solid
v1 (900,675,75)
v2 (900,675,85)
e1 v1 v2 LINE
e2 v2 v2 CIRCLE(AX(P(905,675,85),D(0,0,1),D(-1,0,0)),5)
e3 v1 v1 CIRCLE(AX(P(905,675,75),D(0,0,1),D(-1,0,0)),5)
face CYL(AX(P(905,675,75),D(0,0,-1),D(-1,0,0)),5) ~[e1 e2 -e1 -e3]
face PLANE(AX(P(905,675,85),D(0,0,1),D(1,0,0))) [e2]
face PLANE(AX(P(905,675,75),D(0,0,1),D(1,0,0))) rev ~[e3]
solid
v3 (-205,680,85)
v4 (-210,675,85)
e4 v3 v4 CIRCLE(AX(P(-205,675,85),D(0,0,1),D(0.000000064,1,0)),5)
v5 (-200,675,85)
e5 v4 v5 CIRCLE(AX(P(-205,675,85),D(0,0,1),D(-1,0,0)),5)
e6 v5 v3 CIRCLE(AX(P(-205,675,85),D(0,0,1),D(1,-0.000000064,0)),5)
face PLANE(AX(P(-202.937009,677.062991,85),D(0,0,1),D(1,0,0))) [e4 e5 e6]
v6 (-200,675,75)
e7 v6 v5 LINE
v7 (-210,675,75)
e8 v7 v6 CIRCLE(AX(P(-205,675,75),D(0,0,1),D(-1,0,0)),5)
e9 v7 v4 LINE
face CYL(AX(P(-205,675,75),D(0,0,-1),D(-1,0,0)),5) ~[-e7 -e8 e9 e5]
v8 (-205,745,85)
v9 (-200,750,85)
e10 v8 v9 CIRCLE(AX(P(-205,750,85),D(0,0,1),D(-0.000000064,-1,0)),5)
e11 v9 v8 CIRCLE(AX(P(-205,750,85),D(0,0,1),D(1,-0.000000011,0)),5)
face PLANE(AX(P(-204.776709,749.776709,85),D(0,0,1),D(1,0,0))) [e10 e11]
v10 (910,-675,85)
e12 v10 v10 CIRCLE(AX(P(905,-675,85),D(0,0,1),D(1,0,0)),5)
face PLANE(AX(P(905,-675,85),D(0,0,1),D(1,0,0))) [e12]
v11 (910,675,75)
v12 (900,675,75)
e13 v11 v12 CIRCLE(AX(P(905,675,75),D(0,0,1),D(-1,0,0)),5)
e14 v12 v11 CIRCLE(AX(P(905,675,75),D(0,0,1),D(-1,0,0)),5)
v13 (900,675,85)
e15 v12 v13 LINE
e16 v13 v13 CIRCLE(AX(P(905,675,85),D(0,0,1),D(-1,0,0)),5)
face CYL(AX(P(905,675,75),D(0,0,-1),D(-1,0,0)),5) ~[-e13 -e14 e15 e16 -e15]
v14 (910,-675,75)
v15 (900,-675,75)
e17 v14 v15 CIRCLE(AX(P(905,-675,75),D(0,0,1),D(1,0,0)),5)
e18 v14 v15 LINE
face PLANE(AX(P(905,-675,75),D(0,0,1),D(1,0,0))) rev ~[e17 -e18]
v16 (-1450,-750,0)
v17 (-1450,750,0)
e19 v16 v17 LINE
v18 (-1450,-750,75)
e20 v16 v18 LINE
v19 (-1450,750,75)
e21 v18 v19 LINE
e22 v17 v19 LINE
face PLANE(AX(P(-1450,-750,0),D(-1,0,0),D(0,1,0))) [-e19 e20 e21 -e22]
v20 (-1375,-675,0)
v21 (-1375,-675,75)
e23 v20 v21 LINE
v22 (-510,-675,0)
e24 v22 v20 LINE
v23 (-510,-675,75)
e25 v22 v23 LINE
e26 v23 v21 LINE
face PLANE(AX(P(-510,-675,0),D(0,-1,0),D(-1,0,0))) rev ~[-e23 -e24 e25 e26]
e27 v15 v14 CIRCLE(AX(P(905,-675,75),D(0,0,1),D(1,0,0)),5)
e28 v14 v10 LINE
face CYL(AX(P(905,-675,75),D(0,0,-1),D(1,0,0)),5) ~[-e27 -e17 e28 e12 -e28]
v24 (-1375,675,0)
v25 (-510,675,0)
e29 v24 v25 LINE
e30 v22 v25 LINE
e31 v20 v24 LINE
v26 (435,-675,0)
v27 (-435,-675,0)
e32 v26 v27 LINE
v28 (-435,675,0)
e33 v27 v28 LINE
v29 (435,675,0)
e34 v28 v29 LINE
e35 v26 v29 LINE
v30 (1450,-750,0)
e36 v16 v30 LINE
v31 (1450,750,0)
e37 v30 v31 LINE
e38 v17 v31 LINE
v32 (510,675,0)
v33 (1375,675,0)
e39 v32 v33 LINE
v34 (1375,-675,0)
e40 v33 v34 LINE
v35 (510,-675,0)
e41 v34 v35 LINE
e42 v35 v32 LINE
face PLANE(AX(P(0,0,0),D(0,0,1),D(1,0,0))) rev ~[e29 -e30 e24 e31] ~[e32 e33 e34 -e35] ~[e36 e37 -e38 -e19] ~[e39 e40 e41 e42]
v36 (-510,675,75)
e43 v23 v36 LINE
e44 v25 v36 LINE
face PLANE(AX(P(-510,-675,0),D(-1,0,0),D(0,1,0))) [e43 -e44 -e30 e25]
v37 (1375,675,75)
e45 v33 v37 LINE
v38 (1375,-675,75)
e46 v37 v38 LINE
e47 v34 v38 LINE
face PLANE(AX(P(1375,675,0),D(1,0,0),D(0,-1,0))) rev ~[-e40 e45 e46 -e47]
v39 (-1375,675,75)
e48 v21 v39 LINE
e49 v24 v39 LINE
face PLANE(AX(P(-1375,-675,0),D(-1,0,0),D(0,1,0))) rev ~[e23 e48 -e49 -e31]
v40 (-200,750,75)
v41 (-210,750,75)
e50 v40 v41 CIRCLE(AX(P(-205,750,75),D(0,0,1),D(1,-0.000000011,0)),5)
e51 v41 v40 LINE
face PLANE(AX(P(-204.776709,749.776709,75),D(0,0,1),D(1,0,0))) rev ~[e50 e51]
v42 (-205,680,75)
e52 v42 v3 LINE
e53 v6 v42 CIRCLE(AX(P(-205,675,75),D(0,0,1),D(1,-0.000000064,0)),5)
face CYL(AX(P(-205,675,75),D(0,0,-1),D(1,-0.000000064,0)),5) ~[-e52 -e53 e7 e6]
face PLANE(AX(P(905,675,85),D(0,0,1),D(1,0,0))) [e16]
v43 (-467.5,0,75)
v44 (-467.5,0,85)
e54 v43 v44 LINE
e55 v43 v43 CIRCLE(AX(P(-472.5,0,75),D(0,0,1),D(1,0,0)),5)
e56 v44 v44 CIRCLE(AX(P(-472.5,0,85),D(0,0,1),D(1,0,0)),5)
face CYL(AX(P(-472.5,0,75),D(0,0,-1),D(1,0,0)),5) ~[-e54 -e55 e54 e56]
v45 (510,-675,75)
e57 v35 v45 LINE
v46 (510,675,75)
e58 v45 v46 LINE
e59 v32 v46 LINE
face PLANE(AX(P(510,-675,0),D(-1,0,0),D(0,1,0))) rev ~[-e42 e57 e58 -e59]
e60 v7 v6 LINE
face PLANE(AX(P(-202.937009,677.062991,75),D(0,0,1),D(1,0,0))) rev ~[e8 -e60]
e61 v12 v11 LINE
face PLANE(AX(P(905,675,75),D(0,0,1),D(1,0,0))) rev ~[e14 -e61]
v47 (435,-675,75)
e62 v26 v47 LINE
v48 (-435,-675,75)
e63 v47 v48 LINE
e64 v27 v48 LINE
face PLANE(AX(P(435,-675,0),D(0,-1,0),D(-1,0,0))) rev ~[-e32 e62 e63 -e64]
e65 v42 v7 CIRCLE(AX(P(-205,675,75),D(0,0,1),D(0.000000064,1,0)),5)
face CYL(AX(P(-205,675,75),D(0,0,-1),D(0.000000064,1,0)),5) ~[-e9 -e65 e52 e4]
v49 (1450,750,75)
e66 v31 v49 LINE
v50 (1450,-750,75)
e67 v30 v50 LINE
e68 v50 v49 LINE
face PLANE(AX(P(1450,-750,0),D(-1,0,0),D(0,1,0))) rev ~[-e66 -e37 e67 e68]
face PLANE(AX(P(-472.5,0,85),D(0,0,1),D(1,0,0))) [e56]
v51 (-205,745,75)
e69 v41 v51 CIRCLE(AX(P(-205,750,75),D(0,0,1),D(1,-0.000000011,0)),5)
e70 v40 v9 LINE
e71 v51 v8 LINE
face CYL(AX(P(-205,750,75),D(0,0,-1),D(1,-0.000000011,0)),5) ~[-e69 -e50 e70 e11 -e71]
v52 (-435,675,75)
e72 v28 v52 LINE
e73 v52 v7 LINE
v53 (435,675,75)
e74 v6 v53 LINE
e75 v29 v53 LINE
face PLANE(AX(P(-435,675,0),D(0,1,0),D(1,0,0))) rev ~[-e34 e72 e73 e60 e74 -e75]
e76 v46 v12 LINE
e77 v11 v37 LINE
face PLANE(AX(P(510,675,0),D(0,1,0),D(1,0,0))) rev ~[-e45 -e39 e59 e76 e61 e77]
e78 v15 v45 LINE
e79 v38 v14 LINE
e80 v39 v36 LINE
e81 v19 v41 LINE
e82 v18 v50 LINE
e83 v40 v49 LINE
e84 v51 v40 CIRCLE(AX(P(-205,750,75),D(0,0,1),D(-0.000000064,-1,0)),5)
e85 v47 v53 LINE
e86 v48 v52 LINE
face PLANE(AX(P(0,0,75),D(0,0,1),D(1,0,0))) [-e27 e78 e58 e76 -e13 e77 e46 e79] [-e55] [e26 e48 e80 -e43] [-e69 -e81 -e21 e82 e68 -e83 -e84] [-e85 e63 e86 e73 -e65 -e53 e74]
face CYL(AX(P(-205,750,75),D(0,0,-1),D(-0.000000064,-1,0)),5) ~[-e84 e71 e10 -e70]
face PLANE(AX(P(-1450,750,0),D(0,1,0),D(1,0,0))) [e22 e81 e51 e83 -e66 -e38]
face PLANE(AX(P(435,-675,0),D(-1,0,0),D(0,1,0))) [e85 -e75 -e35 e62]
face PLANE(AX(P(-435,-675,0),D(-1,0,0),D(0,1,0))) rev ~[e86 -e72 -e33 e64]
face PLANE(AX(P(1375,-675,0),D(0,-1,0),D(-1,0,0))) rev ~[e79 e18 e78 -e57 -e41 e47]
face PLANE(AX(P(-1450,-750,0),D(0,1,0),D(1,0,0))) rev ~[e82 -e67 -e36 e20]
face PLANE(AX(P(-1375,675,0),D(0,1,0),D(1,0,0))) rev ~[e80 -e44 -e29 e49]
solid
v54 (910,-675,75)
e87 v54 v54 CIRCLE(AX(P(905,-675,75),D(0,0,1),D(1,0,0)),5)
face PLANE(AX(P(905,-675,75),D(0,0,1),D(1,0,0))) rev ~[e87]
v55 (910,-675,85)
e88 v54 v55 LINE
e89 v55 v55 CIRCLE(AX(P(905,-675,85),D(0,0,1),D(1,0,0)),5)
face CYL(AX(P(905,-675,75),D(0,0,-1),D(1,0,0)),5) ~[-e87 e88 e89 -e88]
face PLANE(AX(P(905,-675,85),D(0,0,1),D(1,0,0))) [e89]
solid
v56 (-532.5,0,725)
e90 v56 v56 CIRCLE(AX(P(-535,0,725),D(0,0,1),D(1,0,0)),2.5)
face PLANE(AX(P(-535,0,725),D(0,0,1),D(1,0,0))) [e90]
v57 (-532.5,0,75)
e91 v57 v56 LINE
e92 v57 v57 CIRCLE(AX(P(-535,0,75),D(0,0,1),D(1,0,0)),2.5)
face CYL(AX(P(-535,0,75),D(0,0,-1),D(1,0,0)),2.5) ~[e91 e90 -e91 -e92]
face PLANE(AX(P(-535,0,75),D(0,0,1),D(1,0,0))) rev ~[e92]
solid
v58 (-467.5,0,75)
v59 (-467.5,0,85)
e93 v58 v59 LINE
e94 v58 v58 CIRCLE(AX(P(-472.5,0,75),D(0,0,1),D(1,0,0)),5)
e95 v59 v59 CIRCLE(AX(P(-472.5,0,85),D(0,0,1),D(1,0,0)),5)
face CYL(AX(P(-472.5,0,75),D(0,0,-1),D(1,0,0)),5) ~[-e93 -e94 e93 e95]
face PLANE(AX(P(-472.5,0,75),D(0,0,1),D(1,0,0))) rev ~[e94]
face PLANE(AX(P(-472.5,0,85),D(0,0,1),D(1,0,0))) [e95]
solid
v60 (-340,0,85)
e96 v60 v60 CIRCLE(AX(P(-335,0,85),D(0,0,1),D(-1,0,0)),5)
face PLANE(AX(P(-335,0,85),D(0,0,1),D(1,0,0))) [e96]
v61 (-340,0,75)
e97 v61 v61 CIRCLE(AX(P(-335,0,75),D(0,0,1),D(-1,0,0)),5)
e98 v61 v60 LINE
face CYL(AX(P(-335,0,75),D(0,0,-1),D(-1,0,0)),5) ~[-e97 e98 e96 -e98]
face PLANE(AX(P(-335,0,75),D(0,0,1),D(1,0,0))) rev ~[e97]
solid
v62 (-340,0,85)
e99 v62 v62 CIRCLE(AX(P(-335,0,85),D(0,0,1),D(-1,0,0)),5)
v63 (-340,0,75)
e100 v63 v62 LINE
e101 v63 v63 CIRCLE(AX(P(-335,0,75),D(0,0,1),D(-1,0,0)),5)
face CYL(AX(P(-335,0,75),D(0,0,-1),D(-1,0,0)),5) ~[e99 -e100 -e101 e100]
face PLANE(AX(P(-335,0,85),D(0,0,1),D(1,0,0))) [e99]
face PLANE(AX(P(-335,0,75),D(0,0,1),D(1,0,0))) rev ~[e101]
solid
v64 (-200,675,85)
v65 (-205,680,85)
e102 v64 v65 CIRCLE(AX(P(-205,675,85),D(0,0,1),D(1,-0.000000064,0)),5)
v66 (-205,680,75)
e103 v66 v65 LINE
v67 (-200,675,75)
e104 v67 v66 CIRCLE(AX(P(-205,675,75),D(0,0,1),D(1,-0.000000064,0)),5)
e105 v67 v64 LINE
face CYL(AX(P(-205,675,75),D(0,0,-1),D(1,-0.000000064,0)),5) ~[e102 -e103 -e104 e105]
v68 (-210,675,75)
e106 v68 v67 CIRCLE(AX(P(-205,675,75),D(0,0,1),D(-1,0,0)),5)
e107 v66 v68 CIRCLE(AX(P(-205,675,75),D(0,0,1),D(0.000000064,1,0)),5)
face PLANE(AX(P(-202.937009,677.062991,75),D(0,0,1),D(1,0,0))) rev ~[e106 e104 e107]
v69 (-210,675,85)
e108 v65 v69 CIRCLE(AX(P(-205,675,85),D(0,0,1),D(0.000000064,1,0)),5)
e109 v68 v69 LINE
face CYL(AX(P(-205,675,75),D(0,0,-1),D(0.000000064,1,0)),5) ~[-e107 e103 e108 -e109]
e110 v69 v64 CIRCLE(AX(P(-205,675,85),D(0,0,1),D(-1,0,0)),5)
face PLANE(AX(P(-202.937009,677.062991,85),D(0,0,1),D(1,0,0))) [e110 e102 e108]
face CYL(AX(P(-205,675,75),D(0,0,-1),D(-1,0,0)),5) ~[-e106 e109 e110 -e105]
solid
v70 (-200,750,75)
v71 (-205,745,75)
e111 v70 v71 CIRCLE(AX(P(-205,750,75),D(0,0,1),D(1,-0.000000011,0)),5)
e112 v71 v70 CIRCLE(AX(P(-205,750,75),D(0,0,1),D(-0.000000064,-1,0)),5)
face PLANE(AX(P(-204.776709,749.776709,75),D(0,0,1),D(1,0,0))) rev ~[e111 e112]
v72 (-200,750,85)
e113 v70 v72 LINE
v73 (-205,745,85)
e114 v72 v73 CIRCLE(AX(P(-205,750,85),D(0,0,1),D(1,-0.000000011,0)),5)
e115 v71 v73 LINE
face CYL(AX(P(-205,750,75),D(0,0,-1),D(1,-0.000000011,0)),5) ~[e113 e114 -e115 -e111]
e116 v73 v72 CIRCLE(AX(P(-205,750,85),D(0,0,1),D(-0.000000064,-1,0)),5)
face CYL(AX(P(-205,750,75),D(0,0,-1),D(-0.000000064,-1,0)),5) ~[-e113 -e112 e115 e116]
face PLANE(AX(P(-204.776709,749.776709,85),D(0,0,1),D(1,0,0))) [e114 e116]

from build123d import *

# Parameters (mm, degrees)
F0_W     = 2900
F0_H     = 1500
F0_W_2   = 75
F0_H_2   = 1350
F1_DEPTH = 75
F2_R     = 5
F3_DEPTH = 10
F4_DEPTH = 10
F5_R     = 2.5
F6_DEPTH = 650


with BuildPart() as f1:
    # F0 (on Top) → F1 (new body)
    with BuildSketch(Plane.XY):
        Rectangle(F0_W, F0_H)
        Polygon((-510, -675), (-1375, -675), (-1375, 675), (-510, 675), (-435, 675), (435, 675), (510, 675), (1375, 675), (1375, -675), (510, -675), (435, -675), (-435, -675), align=None, mode=Mode.SUBTRACT)
        with Locations((-472.5, 0)):
            Rectangle(F0_W_2, F0_H_2)
        with Locations((472.5, 0)):
            Rectangle(F0_W_2, F0_H_2)
    extrude(amount=F1_DEPTH)

    # F2 (on face) → F3 (join)
    with BuildSketch(Plane.XY.offset(75)):
        with Locations((-472.5, 0)):
            Circle(F2_R)
        with BuildLine():
            ThreePointArc((-330, 0), (-335, 5), (-340, 0))
            ThreePointArc((-340, 0), (-335, -5), (-330, 0))
        make_face()
        with BuildLine():
            Line((-205, 680), (-205, 675))
            Line((-205, 675), (-200, 675))
            ThreePointArc((-200, 675), (-201.464466, 678.535534), (-205, 680))
        make_face()
        with BuildLine():
            Line((-200, 675), (-205, 675))
            Line((-205, 675), (-210, 675))
            ThreePointArc((-210, 675), (-205, 670), (-200, 675))
        make_face()
        with BuildLine():
            Line((-210, 675), (-205, 675))
            Line((-205, 675), (-205, 680))
            ThreePointArc((-205, 680), (-208.535534, 678.535534), (-210, 675))
        make_face()
        with BuildLine():
            ThreePointArc((910, 675), (905, 680), (900, 675))
            ThreePointArc((900, 675), (905, 670), (910, 675))
        make_face()
        with BuildLine():
            ThreePointArc((-200, 750), (-208.535534, 753.535534), (-205, 745))
            ThreePointArc((-205, 745), (-201.464466, 746.464466), (-200, 750))
        make_face()
        with BuildLine():
            ThreePointArc((900, -675), (905, -680), (910, -675))
            ThreePointArc((910, -675), (905, -670), (900, -675))
        make_face()
    extrude(amount=F3_DEPTH)


with BuildPart() as f4:
    # F2 (on face) → F4 (new body)
    with BuildSketch(Plane.XY.offset(75)):
        with Locations((-472.5, 0)):
            Circle(F2_R)
        with BuildLine():
            ThreePointArc((-330, 0), (-335, 5), (-340, 0))
            ThreePointArc((-340, 0), (-335, -5), (-330, 0))
        make_face()
        with BuildLine():
            Line((-205, 680), (-205, 675))
            Line((-205, 675), (-200, 675))
            ThreePointArc((-200, 675), (-201.464466, 678.535534), (-205, 680))
        make_face()
        with BuildLine():
            Line((-200, 675), (-205, 675))
            Line((-205, 675), (-210, 675))
            ThreePointArc((-210, 675), (-205, 670), (-200, 675))
        make_face()
        with BuildLine():
            Line((-210, 675), (-205, 675))
            Line((-205, 675), (-205, 680))
            ThreePointArc((-205, 680), (-208.535534, 678.535534), (-210, 675))
        make_face()
        with BuildLine():
            ThreePointArc((910, 675), (905, 680), (900, 675))
            ThreePointArc((900, 675), (905, 670), (910, 675))
        make_face()
        with BuildLine():
            ThreePointArc((-200, 750), (-208.535534, 753.535534), (-205, 745))
            ThreePointArc((-205, 745), (-201.464466, 746.464466), (-200, 750))
        make_face()
        with BuildLine():
            ThreePointArc((900, -675), (905, -680), (910, -675))
            ThreePointArc((910, -675), (905, -670), (900, -675))
        make_face()
    extrude(amount=F4_DEPTH)


with BuildPart() as f6:
    # F5 (on face) → F6 (new body)
    with BuildSketch(Plane.XY.offset(75)):
        with Locations((-535, 0)):
            Circle(F5_R)
    extrude(amount=F6_DEPTH)


solid = Compound([f1.part, f4.part, f6.part])
